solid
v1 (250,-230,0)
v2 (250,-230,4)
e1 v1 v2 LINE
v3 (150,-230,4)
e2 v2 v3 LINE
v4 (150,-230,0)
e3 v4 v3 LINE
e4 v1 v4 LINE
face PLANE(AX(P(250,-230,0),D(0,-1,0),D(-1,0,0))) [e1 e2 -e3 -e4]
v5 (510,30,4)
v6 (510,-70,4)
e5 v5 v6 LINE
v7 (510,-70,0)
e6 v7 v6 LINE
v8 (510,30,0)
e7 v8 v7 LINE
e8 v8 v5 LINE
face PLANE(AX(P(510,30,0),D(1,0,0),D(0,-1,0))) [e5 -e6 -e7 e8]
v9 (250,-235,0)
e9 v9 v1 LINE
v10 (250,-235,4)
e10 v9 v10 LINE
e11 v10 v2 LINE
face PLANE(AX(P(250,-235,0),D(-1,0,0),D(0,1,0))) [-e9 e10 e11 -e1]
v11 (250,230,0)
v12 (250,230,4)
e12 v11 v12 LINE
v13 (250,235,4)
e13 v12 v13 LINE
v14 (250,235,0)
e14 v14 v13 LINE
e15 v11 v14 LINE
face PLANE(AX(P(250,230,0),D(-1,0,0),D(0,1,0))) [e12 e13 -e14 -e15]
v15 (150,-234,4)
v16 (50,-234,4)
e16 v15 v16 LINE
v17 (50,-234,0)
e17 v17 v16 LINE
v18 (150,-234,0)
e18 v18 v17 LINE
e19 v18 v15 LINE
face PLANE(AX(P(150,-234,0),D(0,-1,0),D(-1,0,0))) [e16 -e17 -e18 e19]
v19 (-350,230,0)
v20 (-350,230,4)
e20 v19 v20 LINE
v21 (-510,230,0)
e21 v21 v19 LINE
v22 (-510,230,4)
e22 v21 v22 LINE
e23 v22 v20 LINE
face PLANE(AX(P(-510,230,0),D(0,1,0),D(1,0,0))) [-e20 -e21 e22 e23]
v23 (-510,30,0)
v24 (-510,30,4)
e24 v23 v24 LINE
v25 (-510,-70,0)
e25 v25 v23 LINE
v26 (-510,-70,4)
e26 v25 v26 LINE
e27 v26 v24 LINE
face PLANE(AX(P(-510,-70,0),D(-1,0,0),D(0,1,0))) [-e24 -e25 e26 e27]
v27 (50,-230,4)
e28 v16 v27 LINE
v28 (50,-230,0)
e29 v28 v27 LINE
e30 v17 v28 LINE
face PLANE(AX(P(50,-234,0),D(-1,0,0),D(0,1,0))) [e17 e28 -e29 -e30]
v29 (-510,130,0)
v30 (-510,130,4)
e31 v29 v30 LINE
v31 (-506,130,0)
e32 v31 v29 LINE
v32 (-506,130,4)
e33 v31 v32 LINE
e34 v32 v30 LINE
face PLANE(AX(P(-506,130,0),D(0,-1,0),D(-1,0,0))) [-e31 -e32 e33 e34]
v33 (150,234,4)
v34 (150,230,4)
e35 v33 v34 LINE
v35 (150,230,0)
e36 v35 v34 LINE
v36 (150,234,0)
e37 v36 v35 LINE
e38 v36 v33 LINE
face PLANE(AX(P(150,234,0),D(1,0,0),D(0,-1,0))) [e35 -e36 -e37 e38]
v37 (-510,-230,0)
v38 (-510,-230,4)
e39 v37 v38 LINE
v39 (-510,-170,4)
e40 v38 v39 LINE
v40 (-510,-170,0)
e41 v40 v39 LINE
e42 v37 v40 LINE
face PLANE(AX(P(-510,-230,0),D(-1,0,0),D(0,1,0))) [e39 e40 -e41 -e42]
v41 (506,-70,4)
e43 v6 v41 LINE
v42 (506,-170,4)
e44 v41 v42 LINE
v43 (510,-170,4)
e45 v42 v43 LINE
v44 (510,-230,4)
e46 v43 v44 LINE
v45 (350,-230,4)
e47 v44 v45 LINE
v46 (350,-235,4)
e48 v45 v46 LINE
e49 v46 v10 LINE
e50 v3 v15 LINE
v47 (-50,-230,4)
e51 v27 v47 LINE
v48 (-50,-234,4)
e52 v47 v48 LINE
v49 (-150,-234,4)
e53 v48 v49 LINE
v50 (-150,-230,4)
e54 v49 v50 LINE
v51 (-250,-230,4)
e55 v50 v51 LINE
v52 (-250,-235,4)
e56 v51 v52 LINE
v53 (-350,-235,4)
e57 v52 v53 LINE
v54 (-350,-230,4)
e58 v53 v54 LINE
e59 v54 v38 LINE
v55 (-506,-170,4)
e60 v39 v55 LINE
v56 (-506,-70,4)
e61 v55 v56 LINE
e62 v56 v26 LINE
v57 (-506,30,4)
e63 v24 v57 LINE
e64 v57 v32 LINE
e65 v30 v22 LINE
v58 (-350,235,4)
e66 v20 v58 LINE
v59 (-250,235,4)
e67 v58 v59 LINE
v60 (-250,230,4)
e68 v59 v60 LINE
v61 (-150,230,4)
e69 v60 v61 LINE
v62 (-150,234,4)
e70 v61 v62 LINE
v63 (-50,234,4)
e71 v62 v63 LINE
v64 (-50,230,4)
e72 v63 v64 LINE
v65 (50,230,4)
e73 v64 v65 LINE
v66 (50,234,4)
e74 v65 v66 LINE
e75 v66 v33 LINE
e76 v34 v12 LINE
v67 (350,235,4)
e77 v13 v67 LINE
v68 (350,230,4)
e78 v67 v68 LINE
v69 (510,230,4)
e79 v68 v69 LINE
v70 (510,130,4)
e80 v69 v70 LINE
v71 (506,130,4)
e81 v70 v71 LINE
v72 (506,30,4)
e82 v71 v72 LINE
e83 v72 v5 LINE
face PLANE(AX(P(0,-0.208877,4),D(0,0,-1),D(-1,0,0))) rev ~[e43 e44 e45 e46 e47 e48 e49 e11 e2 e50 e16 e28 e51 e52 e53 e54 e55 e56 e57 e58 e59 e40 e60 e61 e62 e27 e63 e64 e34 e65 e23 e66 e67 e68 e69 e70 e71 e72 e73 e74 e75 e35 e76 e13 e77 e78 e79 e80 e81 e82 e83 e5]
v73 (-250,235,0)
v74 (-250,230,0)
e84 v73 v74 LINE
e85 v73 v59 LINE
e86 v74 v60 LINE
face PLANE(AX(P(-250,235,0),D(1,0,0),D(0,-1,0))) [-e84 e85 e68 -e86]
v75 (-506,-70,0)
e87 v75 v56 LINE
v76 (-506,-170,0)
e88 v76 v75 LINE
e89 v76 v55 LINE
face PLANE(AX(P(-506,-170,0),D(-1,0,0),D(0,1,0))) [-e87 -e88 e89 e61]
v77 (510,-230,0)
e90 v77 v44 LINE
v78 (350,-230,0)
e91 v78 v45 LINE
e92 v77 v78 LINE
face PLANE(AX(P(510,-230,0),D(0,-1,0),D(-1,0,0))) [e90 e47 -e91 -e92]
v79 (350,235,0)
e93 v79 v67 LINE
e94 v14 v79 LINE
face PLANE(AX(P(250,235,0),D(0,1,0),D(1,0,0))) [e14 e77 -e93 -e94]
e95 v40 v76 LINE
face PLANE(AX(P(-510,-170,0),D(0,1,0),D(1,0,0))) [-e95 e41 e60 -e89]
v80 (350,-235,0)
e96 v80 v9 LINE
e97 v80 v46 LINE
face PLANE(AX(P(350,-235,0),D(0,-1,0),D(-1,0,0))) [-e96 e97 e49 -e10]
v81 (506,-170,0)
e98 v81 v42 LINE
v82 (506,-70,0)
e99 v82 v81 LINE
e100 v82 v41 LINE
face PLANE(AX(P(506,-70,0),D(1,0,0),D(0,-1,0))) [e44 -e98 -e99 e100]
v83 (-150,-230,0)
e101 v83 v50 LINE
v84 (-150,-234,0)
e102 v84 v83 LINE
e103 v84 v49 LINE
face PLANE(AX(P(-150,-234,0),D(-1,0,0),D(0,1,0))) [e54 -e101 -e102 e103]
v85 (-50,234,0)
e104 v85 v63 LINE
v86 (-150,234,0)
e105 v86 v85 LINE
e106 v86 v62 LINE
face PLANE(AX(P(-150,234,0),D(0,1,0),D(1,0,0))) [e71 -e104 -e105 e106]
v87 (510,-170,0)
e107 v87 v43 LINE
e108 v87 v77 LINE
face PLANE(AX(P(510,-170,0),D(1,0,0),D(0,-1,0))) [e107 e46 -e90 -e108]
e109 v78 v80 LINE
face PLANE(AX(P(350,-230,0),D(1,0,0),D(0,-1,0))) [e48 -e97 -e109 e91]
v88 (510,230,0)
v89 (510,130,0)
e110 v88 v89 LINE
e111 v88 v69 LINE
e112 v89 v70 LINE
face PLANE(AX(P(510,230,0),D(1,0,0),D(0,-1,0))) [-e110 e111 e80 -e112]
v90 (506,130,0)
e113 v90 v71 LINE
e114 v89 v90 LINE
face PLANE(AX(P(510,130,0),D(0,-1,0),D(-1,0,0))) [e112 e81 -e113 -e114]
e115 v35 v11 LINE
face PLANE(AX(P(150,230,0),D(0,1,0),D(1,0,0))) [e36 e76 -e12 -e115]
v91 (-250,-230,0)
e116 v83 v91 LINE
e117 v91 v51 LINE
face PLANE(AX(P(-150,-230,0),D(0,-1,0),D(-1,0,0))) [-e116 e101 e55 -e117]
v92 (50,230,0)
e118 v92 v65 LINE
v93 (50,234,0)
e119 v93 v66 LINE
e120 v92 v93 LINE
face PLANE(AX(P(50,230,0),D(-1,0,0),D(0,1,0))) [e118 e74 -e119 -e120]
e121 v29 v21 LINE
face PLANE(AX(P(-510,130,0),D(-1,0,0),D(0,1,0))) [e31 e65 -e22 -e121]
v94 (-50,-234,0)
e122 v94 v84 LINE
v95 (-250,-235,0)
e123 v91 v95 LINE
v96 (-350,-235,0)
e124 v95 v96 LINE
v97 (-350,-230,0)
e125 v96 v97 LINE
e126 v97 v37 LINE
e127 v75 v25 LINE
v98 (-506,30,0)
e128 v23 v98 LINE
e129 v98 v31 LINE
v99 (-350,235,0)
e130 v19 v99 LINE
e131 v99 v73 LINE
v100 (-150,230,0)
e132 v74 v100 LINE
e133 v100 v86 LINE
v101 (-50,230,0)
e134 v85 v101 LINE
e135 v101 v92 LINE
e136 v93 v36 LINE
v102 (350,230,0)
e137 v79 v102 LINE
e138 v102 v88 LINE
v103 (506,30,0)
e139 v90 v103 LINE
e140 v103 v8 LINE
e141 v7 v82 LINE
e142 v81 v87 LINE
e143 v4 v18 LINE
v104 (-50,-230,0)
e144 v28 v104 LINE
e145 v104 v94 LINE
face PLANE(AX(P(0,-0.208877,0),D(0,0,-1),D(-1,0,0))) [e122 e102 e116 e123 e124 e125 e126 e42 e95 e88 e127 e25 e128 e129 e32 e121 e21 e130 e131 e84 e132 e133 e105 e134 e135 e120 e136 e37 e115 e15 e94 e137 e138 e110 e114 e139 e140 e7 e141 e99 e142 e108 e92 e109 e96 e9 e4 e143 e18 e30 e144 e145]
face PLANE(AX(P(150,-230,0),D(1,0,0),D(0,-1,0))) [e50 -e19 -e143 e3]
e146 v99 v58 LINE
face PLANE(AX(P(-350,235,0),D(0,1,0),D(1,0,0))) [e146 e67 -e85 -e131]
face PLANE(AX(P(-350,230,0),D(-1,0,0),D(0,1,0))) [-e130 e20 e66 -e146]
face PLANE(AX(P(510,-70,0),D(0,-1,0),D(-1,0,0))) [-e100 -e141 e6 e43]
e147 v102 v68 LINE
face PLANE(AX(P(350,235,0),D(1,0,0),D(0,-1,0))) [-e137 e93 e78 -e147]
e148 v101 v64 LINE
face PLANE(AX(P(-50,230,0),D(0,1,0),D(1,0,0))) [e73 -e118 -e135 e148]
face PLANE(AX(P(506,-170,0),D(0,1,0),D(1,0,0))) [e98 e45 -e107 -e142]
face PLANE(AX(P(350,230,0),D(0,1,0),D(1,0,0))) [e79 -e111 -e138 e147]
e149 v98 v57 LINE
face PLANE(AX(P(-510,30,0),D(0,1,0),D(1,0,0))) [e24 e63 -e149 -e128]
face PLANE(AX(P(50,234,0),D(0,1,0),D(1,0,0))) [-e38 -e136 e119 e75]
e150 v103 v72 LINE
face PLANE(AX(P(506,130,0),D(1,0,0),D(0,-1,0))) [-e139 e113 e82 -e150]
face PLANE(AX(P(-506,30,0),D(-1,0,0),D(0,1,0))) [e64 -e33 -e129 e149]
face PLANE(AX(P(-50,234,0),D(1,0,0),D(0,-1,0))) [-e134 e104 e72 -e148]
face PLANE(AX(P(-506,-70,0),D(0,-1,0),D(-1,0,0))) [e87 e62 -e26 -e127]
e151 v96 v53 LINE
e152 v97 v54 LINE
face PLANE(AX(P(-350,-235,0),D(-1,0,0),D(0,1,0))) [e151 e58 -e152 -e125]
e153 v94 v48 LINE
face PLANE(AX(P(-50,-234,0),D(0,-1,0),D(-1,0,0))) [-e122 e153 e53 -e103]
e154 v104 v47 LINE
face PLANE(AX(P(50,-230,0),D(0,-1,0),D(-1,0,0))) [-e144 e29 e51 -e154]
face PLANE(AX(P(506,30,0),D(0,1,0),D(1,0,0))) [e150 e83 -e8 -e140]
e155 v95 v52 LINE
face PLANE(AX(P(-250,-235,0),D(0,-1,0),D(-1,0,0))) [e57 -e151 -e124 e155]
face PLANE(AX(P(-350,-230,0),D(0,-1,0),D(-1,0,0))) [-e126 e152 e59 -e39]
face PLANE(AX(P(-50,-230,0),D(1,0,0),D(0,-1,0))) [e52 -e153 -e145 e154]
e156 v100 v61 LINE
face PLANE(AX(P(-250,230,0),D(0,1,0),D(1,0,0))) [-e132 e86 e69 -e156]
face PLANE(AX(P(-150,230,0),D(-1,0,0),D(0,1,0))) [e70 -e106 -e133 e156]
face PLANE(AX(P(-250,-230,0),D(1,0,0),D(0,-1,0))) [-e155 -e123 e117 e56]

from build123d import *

# Parameters (mm, degrees)
EXTRUDE_1_DEPTH = 4


with BuildPart() as part:
    # 草图2 → 凸台-拉伸1 (new body)
    with BuildSketch(Plane.XY):
        Polygon((-510, 230), (-350, 230), (-350, 235), (-250, 235), (-250, 230), (-150, 230), (-150, 234), (-50, 234), (-50, 230), (50, 230), (50, 234), (150, 234), (150, 230), (250, 230), (250, 235), (350, 235), (350, 230), (510, 230), (510, 130), (506, 130), (506, 30), (510, 30), (510, -70), (506, -70), (506, -170), (510, -170), (510, -230), (350, -230), (350, -235), (250, -235), (250, -230), (150, -230), (150, -234), (50, -234), (50, -230), (-50, -230), (-50, -234), (-150, -234), (-150, -230), (-250, -230), (-250, -235), (-350, -235), (-350, -230), (-510, -230), (-510, -170), (-506, -170), (-506, -70), (-510, -70), (-510, 30), (-506, 30), (-506, 130), (-510, 130), align=None)
    extrude(amount=EXTRUDE_1_DEPTH)


solid = part.part
